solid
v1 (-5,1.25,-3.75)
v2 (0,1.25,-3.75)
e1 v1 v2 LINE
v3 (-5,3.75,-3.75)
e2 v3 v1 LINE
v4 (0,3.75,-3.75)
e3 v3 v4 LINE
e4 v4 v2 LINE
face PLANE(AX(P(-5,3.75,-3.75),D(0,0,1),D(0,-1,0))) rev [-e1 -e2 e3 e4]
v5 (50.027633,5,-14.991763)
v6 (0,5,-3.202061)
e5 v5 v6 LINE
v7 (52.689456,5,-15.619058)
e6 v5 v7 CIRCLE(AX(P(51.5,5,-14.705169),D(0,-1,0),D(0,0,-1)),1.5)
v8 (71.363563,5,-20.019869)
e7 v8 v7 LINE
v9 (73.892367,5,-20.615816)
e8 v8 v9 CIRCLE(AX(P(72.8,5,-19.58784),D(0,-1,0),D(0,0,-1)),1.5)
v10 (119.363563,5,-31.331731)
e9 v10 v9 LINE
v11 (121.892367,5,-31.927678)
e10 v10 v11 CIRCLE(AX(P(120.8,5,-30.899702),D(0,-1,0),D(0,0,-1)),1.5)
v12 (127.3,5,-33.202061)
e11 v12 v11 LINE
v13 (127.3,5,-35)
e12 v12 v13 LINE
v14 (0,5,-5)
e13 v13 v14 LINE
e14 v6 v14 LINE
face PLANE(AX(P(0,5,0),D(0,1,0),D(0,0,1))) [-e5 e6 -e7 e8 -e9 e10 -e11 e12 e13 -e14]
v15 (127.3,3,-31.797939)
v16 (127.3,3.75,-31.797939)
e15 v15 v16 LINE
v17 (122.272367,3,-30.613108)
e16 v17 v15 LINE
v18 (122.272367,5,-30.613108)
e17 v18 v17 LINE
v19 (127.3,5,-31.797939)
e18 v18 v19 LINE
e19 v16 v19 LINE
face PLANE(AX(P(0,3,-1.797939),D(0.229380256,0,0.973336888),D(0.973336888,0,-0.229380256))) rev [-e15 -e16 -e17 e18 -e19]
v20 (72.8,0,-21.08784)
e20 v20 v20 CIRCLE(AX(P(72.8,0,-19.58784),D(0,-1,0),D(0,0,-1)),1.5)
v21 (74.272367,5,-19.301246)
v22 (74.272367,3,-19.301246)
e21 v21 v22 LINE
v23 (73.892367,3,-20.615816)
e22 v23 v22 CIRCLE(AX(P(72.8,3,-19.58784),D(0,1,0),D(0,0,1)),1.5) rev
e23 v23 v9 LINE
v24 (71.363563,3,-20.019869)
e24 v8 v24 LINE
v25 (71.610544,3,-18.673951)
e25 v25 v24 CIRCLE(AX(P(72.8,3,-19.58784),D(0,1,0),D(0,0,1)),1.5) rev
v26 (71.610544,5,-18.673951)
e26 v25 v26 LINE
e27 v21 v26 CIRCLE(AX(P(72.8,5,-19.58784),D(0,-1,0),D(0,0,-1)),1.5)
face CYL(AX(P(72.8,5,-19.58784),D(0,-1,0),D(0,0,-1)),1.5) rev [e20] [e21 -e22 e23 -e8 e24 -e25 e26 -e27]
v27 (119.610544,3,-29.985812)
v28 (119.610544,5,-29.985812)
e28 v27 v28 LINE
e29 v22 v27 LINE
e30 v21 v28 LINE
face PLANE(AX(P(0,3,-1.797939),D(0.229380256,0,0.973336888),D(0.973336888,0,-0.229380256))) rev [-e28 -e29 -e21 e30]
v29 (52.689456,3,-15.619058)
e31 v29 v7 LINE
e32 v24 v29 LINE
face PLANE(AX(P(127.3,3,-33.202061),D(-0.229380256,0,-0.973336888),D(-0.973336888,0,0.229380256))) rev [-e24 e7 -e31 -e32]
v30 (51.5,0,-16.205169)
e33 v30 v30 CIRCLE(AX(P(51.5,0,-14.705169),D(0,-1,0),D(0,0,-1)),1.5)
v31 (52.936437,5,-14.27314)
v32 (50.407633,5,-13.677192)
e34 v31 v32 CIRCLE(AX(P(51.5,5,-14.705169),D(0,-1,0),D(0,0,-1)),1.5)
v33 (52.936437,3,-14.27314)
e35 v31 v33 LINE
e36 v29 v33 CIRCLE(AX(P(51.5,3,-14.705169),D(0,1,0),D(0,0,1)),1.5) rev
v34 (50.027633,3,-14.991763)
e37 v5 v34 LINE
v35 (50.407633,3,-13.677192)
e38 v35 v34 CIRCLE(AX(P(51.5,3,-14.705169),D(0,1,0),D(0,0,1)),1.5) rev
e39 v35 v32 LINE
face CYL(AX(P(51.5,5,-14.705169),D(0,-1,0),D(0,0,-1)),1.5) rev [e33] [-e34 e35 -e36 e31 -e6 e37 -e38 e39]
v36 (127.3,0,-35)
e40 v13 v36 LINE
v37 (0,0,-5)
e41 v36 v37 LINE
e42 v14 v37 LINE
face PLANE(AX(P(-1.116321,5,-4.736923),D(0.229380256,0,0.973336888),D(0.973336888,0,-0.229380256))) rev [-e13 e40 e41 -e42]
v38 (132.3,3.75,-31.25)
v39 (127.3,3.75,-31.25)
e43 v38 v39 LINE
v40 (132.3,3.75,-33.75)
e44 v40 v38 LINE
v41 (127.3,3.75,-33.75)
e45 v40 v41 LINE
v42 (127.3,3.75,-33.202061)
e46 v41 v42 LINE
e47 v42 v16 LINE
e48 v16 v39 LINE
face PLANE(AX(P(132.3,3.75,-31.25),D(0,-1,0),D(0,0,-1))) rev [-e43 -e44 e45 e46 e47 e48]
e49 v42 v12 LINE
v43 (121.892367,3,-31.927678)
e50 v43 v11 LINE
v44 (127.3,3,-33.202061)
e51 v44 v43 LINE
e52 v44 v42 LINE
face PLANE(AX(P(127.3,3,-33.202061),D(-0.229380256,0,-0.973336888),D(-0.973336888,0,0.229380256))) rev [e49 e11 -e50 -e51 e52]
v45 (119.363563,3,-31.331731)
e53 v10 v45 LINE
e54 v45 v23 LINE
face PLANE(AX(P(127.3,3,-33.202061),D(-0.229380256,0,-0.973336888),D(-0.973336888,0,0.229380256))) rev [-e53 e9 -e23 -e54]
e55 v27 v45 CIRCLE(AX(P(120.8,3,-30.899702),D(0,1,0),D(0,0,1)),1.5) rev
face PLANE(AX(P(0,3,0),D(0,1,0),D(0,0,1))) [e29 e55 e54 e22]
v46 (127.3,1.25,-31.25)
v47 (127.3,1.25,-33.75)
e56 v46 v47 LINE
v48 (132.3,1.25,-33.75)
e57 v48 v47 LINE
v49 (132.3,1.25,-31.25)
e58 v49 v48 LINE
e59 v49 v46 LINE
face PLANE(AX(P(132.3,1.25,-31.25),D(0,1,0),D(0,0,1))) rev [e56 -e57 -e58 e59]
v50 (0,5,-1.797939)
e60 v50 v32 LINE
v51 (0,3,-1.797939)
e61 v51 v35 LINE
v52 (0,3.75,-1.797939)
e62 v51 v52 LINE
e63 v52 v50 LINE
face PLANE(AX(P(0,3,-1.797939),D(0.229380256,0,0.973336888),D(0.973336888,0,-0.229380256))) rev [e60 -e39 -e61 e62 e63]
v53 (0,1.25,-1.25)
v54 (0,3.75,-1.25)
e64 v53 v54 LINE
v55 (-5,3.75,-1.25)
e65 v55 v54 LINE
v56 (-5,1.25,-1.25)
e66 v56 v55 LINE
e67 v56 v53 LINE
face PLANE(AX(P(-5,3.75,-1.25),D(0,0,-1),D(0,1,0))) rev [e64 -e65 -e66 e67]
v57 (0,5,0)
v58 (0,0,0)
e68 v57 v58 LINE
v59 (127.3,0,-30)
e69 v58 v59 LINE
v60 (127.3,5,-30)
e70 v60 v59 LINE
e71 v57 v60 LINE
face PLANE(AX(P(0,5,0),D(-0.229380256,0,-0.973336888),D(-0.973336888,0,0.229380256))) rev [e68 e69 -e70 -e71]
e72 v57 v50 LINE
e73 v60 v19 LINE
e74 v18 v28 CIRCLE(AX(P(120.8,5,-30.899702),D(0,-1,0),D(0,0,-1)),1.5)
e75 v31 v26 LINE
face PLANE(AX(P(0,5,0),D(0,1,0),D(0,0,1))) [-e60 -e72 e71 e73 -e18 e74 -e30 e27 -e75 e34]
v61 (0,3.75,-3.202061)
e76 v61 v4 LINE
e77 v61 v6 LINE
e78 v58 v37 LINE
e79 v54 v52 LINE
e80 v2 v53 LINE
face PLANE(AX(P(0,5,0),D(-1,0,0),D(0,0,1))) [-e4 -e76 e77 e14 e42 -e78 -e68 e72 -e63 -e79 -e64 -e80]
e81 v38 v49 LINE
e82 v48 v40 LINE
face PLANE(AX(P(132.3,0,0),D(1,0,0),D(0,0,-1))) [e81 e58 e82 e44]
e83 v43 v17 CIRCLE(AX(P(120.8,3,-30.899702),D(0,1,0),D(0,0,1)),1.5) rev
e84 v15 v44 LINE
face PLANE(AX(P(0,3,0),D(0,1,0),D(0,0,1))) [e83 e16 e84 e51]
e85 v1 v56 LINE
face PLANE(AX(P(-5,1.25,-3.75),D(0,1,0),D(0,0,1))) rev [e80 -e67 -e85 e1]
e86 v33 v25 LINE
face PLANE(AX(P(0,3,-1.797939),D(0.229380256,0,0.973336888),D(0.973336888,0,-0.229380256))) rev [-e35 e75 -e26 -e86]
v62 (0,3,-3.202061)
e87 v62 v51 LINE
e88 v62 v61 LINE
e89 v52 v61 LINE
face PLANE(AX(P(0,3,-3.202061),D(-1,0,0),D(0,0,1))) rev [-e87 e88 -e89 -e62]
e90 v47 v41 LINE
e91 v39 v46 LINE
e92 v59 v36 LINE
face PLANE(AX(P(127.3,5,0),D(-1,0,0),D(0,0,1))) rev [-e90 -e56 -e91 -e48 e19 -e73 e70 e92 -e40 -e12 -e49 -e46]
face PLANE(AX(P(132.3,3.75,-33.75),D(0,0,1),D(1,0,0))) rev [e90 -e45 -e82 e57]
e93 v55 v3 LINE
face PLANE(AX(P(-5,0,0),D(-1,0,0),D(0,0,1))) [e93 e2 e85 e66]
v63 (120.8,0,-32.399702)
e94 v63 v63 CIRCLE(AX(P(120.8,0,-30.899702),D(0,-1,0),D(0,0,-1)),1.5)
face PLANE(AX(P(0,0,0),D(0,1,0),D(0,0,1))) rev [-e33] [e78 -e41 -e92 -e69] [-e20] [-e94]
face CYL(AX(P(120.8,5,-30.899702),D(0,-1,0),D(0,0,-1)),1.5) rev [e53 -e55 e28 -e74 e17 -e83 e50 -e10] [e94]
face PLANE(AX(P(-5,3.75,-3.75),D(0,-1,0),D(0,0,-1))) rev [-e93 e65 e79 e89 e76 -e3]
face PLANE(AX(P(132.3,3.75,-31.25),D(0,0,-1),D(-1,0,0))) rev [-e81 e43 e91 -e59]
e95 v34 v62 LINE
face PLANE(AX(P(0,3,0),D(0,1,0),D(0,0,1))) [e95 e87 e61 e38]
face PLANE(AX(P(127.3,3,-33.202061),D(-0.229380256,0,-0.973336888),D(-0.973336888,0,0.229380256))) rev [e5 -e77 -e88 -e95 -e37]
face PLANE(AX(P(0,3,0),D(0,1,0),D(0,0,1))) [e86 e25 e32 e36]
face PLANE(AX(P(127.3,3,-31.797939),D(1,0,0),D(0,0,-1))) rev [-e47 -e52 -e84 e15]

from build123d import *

# Parameters (mm, degrees)
BOSS_EXTRUDE1_DEPTH = 5
SKETCH2_W           = 2.5
SKETCH2_H           = 2.5
BOSS_EXTRUDE2_DEPTH = 5
SKETCH3_W           = 2.5
SKETCH3_H           = 2.5
BOSS_EXTRUDE3_DEPTH = 5
SKETCH6_R           = 1.5
CUT_EXTRUDE1_DEPTH  = 5
CUT_EXTRUDE3_DEPTH  = 2


with BuildPart() as part:
    # Sketch1 → Boss-Extrude1 (new body)
    with BuildSketch(Plane(origin=(0, 0, 0), x_dir=(1, 0, 0), z_dir=(0, 1, 0))):
        Polygon((0, 5), (0, 0), (127.3, 30), (127.3, 35), align=None)
    extrude(amount=BOSS_EXTRUDE1_DEPTH)

    # Sketch2 → Boss-Extrude2 (add)
    with BuildSketch(Plane(origin=(127.3, 0, 0), x_dir=(0, 0, -1), z_dir=(1, 0, 0))):
        with Locations((32.5, 2.5)):
            Rectangle(SKETCH2_W, SKETCH2_H)
    extrude(amount=BOSS_EXTRUDE2_DEPTH)

    # Sketch3 → Boss-Extrude3 (add)
    with BuildSketch(Plane.ZY):
        with Locations((-2.5, 2.5)):
            Rectangle(SKETCH3_W, SKETCH3_H)
    extrude(amount=BOSS_EXTRUDE3_DEPTH)

    # Sketch6 → Cut-Extrude1 (cut)
    with BuildSketch(Plane.XZ):
        with Locations(Location((51.5, -14.705168766, 0), (0, 0, 270))):
            Circle(SKETCH6_R)
        with Locations(Location((72.8, -19.587839875, 0), (0, 0, 270))):
            Circle(SKETCH6_R)
        with Locations(Location((120.8, -30.899701619, 0), (0, 0, 270))):
            Circle(SKETCH6_R)
    extrude(amount=-CUT_EXTRUDE1_DEPTH, mode=Mode.SUBTRACT)

    # Sketch10 → Cut-Extrude3 (cut)
    with BuildSketch(Plane(origin=(0, 5, 0), x_dir=(1, 0, 0), z_dir=(0, 1, 0))):
        Polygon((0, 3.202061361), (0, 1.797938639), (127.3, 31.797938639), (127.3, 33.202061361), align=None)
    extrude(amount=-CUT_EXTRUDE3_DEPTH, mode=Mode.SUBTRACT)


solid = part.part
